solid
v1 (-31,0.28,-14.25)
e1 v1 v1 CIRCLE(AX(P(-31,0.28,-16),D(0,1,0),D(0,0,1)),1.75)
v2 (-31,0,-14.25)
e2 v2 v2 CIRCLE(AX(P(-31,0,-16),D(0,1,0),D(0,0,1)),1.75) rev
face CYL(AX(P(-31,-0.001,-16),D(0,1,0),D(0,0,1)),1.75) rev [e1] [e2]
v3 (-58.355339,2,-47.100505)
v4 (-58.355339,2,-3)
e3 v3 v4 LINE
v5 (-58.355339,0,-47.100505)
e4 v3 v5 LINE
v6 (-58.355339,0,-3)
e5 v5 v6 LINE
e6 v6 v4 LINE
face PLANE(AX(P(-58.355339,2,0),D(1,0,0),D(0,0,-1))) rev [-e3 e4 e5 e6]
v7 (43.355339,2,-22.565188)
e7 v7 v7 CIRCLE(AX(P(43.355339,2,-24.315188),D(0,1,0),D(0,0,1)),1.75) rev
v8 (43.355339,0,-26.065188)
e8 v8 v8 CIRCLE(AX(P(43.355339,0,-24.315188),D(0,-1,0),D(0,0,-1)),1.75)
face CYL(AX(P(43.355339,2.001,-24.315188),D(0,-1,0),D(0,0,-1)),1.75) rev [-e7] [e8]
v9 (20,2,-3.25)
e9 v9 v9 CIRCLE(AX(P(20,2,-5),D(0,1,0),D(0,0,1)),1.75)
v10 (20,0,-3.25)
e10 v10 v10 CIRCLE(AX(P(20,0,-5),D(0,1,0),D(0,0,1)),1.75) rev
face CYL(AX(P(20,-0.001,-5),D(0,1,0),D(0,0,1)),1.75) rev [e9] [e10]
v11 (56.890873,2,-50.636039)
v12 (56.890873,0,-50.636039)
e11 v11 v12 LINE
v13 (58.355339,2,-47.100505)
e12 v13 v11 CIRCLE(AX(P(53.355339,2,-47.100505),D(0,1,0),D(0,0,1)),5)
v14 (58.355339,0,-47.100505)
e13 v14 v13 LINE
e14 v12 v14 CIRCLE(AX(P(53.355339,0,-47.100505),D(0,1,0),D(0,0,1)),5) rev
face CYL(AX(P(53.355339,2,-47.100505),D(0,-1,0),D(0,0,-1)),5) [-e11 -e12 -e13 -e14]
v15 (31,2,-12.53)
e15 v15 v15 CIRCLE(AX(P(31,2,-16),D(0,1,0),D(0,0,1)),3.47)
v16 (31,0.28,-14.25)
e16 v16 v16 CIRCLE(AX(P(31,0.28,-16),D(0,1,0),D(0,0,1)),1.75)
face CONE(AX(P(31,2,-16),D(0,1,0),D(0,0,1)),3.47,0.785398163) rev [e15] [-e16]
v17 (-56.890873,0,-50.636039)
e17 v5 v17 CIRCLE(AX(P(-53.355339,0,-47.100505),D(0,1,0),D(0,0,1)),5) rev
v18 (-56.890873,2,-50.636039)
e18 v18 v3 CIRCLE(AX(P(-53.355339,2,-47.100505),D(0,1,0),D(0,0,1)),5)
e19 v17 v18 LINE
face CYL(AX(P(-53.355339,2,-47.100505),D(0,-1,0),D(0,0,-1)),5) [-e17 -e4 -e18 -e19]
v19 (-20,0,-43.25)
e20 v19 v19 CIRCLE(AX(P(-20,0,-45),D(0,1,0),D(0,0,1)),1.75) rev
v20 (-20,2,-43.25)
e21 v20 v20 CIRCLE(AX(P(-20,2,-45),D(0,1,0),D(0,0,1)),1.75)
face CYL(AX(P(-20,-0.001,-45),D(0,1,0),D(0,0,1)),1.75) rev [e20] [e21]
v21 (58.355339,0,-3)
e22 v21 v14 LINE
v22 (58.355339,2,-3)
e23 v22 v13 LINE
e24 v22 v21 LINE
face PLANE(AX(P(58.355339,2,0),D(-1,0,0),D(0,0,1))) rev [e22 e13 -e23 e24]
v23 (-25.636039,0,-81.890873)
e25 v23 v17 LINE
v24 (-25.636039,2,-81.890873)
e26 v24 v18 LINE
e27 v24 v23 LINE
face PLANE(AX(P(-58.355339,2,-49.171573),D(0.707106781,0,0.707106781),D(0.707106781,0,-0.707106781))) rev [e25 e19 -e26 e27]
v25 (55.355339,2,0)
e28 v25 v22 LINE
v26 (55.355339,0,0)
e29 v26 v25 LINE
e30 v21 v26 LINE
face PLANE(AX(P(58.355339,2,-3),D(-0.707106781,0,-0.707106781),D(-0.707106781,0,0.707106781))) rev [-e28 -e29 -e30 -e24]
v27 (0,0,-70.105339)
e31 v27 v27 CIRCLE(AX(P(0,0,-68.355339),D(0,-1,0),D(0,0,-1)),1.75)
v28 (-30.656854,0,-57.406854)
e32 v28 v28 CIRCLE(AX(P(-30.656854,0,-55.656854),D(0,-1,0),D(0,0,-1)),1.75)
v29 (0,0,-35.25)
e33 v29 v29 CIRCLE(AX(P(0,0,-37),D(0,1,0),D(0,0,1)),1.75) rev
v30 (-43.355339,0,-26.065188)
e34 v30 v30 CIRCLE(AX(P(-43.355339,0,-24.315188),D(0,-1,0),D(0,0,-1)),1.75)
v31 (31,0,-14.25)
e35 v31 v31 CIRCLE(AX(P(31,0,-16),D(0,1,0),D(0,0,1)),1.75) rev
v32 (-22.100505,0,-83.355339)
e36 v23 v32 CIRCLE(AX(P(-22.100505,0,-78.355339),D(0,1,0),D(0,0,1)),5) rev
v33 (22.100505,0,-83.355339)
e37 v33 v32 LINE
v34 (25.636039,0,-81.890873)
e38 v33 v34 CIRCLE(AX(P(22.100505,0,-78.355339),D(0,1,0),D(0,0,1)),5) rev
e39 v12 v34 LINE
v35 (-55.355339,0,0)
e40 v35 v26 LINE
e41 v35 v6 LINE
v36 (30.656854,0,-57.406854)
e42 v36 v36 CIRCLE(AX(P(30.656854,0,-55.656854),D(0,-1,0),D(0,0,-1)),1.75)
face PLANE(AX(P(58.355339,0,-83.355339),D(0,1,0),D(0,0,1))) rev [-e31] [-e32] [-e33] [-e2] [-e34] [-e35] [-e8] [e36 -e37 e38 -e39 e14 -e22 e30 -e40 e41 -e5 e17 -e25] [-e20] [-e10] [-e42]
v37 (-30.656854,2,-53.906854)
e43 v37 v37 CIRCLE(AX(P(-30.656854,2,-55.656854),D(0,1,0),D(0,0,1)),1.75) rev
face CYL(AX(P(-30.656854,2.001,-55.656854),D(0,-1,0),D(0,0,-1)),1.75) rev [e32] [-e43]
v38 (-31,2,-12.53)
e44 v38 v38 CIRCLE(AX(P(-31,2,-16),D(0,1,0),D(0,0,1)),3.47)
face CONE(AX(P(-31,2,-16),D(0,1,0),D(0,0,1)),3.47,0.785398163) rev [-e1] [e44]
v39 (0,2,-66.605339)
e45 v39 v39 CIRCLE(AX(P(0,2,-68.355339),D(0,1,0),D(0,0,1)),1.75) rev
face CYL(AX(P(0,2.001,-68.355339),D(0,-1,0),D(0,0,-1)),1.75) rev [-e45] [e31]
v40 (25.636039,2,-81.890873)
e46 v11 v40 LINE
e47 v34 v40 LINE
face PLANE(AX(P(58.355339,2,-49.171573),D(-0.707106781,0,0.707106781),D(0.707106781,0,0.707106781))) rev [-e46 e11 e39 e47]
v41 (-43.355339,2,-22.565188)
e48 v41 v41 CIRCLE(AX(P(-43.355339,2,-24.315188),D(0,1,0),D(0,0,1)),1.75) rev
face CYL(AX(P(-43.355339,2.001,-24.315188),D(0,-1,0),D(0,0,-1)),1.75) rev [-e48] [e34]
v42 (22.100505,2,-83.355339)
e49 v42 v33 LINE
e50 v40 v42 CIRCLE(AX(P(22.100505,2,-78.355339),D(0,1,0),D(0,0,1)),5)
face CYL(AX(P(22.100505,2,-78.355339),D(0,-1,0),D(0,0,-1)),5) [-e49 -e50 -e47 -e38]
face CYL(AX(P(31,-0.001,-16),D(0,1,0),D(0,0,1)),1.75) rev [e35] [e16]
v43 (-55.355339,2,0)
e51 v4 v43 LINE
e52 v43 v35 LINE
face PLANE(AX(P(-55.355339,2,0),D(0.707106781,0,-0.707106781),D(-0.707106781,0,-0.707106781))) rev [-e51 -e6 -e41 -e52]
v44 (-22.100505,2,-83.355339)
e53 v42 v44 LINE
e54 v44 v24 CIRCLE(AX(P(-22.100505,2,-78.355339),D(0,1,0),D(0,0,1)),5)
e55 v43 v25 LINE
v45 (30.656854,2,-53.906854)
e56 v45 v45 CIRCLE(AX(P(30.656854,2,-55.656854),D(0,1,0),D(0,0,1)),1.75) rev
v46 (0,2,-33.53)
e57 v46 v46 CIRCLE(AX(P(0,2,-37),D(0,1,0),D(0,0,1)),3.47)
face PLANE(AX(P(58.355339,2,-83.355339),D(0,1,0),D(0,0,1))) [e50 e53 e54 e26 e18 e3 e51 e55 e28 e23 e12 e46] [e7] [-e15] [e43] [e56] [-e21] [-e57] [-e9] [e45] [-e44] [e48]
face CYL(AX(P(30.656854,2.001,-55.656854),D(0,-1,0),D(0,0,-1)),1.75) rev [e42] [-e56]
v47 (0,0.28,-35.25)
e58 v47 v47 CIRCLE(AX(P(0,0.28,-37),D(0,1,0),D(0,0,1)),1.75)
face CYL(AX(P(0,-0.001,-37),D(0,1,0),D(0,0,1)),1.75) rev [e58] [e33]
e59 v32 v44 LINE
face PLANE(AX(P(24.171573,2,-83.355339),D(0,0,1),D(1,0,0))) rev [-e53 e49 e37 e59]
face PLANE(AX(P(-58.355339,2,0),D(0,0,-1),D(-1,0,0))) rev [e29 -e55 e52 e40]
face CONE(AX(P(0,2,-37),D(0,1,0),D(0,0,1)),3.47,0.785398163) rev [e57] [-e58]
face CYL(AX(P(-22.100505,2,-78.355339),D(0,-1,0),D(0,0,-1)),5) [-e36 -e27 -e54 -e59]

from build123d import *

# Parameters (mm, degrees)
BOSS_EXTRUDE1_DEPTH                          = 2
CUT_EXTRUDE1_REACH                           = 103.772
SKETCH3_R                                    = 1.75
CHAMFER1_SIZE                                = 3
FILLET1_R                                    = 5
CUT_EXTRUDE2_REACH                           = 103.772
SKETCH4_R                                    = 1.75
CUT_EXTRUDE3_REACH                           = 103.772
SKETCH5_R                                    = 1.75
CSK_FOR_M3_HEX_SOCKET_COUNTERSUNK_HE_2_COUNT = 2
CSK_FOR_M3_HEX_SOCKET_COUNTERSUNK_HE_2_PITCH = 37.443290454
CSK_FOR_M3_HEX_SOCKET_COUNTERSUNK_HE_3_COUNT = 2
CSK_FOR_M3_HEX_SOCKET_COUNTERSUNK_HE_3_PITCH = 37.443290454


with BuildPart() as part:
    # Sketch2 → Boss-Extrude1 (new body)
    with BuildSketch(Plane(origin=(0, 0, 0), x_dir=(1, 0, 0), z_dir=(0, 1, 0))):
        Polygon((-58.355339059, 0), (58.355339059, 0), (58.355339059, 49.171572875), (24.171572875, 83.355339059), (-24.171572875, 83.355339059), (-58.355339059, 49.171572875), align=None)
    extrude(amount=BOSS_EXTRUDE1_DEPTH)

    # Sketch3 → Cut-Extrude1 (cut, up to next)
    with BuildSketch(Plane.XZ, mode=Mode.PRIVATE) as cut_extrude1_sk1:
        with Locations(Location((-43.355339059, -24.315188388, 0), (0, 0, 270))):
            Circle(SKETCH3_R)
    cut_extrude1_tool1 = extrude(cut_extrude1_sk1.sketch, amount=-CUT_EXTRUDE1_REACH, mode=Mode.PRIVATE) & part.part
    # Sketch3 → Cut-Extrude1 (cut, up to next)
    with BuildSketch(Plane.XZ, mode=Mode.PRIVATE) as cut_extrude1_sk2:
        with Locations(Location((-30.656854249, -55.656854249, 0), (0, 0, 270))):
            Circle(SKETCH3_R)
    cut_extrude1_tool2 = extrude(cut_extrude1_sk2.sketch, amount=-CUT_EXTRUDE1_REACH, mode=Mode.PRIVATE) & part.part
    # Sketch3 → Cut-Extrude1 (cut, up to next)
    with BuildSketch(Plane.XZ, mode=Mode.PRIVATE) as cut_extrude1_sk3:
        with Locations(Location((0, -68.355339059, 0), (0, 0, 270))):
            Circle(SKETCH3_R)
    cut_extrude1_tool3 = extrude(cut_extrude1_sk3.sketch, amount=-CUT_EXTRUDE1_REACH, mode=Mode.PRIVATE) & part.part
    # Sketch3 → Cut-Extrude1 (cut, up to next)
    with BuildSketch(Plane.XZ, mode=Mode.PRIVATE) as cut_extrude1_sk4:
        with Locations(Location((30.656854249, -55.656854249, 0), (0, 0, 270))):
            Circle(SKETCH3_R)
    cut_extrude1_tool4 = extrude(cut_extrude1_sk4.sketch, amount=-CUT_EXTRUDE1_REACH, mode=Mode.PRIVATE) & part.part
    # Sketch3 → Cut-Extrude1 (cut, up to next)
    with BuildSketch(Plane.XZ, mode=Mode.PRIVATE) as cut_extrude1_sk5:
        with Locations(Location((43.355339059, -24.315188388, 0), (0, 0, 270))):
            Circle(SKETCH3_R)
    cut_extrude1_tool5 = extrude(cut_extrude1_sk5.sketch, amount=-CUT_EXTRUDE1_REACH, mode=Mode.PRIVATE) & part.part
    add(cut_extrude1_tool1.solids().sort_by_distance((-43.355339, 0, -24.315188))[0], mode=Mode.SUBTRACT)
    add(cut_extrude1_tool2.solids().sort_by_distance((-30.656854, 0, -55.656854))[0], mode=Mode.SUBTRACT)
    add(cut_extrude1_tool3.solids().sort_by_distance((0, 0, -68.355339))[0], mode=Mode.SUBTRACT)
    add(cut_extrude1_tool4.solids().sort_by_distance((30.656854, 0, -55.656854))[0], mode=Mode.SUBTRACT)
    add(cut_extrude1_tool5.solids().sort_by_distance((43.355339, 0, -24.315188))[0], mode=Mode.SUBTRACT)

    # Chamfer1
    chamfer1_edges = [part.edges().sort_by_distance(p)[0] for p in [
        (58.355339059, 1, 0),
        (-58.355339059, 1, 0),
    ]]
    chamfer(chamfer1_edges, length=CHAMFER1_SIZE)

    # Fillet1
    fillet1_edges = [part.edges().sort_by_distance(p)[0] for p in [
        (-58.355339059, 1, -49.171572875),
        (-24.171572875, 1, -83.355339059),
        (24.171572875, 1, -83.355339059),
        (58.355339059, 1, -49.171572875),
    ]]
    fillet(fillet1_edges, radius=FILLET1_R)

    # Sketch4 → Cut-Extrude2 (cut, up to next)
    with BuildSketch(Plane(origin=(0, 2, 0), x_dir=(1, 0, 0), z_dir=(0, 1, 0)), mode=Mode.PRIVATE) as cut_extrude2_sk1:
        with Locations(Location((-20, 45, 0), (0, 0, 270))):
            Circle(SKETCH4_R)
    cut_extrude2_tool1 = extrude(cut_extrude2_sk1.sketch, amount=-CUT_EXTRUDE2_REACH, mode=Mode.PRIVATE) & part.part
    # Sketch4 → Cut-Extrude2 (cut, up to next)
    with BuildSketch(Plane(origin=(0, 2, 0), x_dir=(1, 0, 0), z_dir=(0, 1, 0)), mode=Mode.PRIVATE) as cut_extrude2_sk2:
        with Locations(Location((20, 5, 0), (0, 0, 270))):
            Circle(SKETCH4_R)
    cut_extrude2_tool2 = extrude(cut_extrude2_sk2.sketch, amount=-CUT_EXTRUDE2_REACH, mode=Mode.PRIVATE) & part.part
    add(cut_extrude2_tool1.solids().sort_by_distance((-20, 2, -45))[0], mode=Mode.SUBTRACT)
    add(cut_extrude2_tool2.solids().sort_by_distance((20, 2, -5))[0], mode=Mode.SUBTRACT)

    # Sketch5 → Cut-Extrude3 (cut, up to next)
    with BuildSketch(Plane(origin=(0, 2, 0), x_dir=(1, 0, 0), z_dir=(0, 1, 0)), mode=Mode.PRIVATE) as cut_extrude3_sk1:
        with Locations(Location((0, 37, 0), (0, 0, 270))):
            Circle(SKETCH5_R)
    cut_extrude3_tool1 = extrude(cut_extrude3_sk1.sketch, amount=-CUT_EXTRUDE3_REACH, mode=Mode.PRIVATE) & part.part
    # Sketch5 → Cut-Extrude3 (cut, up to next)
    with BuildSketch(Plane(origin=(0, 2, 0), x_dir=(1, 0, 0), z_dir=(0, 1, 0)), mode=Mode.PRIVATE) as cut_extrude3_sk2:
        with Locations(Location((-31, 16, 0), (0, 0, 270))):
            Circle(SKETCH5_R)
    cut_extrude3_tool2 = extrude(cut_extrude3_sk2.sketch, amount=-CUT_EXTRUDE3_REACH, mode=Mode.PRIVATE) & part.part
    # Sketch5 → Cut-Extrude3 (cut, up to next)
    with BuildSketch(Plane(origin=(0, 2, 0), x_dir=(1, 0, 0), z_dir=(0, 1, 0)), mode=Mode.PRIVATE) as cut_extrude3_sk3:
        with Locations(Location((31, 16, 0), (0, 0, 270))):
            Circle(SKETCH5_R)
    cut_extrude3_tool3 = extrude(cut_extrude3_sk3.sketch, amount=-CUT_EXTRUDE3_REACH, mode=Mode.PRIVATE) & part.part
    add(cut_extrude3_tool1.solids().sort_by_distance((0, 2, -37))[0], mode=Mode.SUBTRACT)
    add(cut_extrude3_tool2.solids().sort_by_distance((-31, 2, -16))[0], mode=Mode.SUBTRACT)
    add(cut_extrude3_tool3.solids().sort_by_distance((31, 2, -16))[0], mode=Mode.SUBTRACT)

    # Sketch6 → CSK for M3 Hex Socket Countersunk Head Screw1 (revolve, cut)
    with BuildSketch(Plane(origin=(0, 2, -37), x_dir=(0, 0, 1), z_dir=(1, 0, 0))):
        Polygon((0, 0), (0, 2), (1.7, 2), (1.7, 1.77), (3.47, 0), align=None)
    csk_for_m3_hex_socket_countersunk_head_s = revolve(axis=Axis((0, 8.35, -37), (0, -1, 0)), mode=Mode.SUBTRACT)

    # CSK for M3 Hex Socket Countersunk He 2: CSK for M3 Hex Socket Countersunk Head Screw1 ×2
    with Locations(*[Vector(-0.827918690488332, 0, 0.5608481451695153) * (i * CSK_FOR_M3_HEX_SOCKET_COUNTERSUNK_HE_2_PITCH) for i in range(1, CSK_FOR_M3_HEX_SOCKET_COUNTERSUNK_HE_2_COUNT)]):
        add(csk_for_m3_hex_socket_countersunk_head_s, mode=Mode.SUBTRACT)

    # CSK for M3 Hex Socket Countersunk He 3: CSK for M3 Hex Socket Countersunk Head Screw1 ×2
    with Locations(*[Vector(0.827918690488332, 0, 0.5608481451695153) * (i * CSK_FOR_M3_HEX_SOCKET_COUNTERSUNK_HE_3_PITCH) for i in range(1, CSK_FOR_M3_HEX_SOCKET_COUNTERSUNK_HE_3_COUNT)]):
        add(csk_for_m3_hex_socket_countersunk_head_s, mode=Mode.SUBTRACT)


solid = part.part
